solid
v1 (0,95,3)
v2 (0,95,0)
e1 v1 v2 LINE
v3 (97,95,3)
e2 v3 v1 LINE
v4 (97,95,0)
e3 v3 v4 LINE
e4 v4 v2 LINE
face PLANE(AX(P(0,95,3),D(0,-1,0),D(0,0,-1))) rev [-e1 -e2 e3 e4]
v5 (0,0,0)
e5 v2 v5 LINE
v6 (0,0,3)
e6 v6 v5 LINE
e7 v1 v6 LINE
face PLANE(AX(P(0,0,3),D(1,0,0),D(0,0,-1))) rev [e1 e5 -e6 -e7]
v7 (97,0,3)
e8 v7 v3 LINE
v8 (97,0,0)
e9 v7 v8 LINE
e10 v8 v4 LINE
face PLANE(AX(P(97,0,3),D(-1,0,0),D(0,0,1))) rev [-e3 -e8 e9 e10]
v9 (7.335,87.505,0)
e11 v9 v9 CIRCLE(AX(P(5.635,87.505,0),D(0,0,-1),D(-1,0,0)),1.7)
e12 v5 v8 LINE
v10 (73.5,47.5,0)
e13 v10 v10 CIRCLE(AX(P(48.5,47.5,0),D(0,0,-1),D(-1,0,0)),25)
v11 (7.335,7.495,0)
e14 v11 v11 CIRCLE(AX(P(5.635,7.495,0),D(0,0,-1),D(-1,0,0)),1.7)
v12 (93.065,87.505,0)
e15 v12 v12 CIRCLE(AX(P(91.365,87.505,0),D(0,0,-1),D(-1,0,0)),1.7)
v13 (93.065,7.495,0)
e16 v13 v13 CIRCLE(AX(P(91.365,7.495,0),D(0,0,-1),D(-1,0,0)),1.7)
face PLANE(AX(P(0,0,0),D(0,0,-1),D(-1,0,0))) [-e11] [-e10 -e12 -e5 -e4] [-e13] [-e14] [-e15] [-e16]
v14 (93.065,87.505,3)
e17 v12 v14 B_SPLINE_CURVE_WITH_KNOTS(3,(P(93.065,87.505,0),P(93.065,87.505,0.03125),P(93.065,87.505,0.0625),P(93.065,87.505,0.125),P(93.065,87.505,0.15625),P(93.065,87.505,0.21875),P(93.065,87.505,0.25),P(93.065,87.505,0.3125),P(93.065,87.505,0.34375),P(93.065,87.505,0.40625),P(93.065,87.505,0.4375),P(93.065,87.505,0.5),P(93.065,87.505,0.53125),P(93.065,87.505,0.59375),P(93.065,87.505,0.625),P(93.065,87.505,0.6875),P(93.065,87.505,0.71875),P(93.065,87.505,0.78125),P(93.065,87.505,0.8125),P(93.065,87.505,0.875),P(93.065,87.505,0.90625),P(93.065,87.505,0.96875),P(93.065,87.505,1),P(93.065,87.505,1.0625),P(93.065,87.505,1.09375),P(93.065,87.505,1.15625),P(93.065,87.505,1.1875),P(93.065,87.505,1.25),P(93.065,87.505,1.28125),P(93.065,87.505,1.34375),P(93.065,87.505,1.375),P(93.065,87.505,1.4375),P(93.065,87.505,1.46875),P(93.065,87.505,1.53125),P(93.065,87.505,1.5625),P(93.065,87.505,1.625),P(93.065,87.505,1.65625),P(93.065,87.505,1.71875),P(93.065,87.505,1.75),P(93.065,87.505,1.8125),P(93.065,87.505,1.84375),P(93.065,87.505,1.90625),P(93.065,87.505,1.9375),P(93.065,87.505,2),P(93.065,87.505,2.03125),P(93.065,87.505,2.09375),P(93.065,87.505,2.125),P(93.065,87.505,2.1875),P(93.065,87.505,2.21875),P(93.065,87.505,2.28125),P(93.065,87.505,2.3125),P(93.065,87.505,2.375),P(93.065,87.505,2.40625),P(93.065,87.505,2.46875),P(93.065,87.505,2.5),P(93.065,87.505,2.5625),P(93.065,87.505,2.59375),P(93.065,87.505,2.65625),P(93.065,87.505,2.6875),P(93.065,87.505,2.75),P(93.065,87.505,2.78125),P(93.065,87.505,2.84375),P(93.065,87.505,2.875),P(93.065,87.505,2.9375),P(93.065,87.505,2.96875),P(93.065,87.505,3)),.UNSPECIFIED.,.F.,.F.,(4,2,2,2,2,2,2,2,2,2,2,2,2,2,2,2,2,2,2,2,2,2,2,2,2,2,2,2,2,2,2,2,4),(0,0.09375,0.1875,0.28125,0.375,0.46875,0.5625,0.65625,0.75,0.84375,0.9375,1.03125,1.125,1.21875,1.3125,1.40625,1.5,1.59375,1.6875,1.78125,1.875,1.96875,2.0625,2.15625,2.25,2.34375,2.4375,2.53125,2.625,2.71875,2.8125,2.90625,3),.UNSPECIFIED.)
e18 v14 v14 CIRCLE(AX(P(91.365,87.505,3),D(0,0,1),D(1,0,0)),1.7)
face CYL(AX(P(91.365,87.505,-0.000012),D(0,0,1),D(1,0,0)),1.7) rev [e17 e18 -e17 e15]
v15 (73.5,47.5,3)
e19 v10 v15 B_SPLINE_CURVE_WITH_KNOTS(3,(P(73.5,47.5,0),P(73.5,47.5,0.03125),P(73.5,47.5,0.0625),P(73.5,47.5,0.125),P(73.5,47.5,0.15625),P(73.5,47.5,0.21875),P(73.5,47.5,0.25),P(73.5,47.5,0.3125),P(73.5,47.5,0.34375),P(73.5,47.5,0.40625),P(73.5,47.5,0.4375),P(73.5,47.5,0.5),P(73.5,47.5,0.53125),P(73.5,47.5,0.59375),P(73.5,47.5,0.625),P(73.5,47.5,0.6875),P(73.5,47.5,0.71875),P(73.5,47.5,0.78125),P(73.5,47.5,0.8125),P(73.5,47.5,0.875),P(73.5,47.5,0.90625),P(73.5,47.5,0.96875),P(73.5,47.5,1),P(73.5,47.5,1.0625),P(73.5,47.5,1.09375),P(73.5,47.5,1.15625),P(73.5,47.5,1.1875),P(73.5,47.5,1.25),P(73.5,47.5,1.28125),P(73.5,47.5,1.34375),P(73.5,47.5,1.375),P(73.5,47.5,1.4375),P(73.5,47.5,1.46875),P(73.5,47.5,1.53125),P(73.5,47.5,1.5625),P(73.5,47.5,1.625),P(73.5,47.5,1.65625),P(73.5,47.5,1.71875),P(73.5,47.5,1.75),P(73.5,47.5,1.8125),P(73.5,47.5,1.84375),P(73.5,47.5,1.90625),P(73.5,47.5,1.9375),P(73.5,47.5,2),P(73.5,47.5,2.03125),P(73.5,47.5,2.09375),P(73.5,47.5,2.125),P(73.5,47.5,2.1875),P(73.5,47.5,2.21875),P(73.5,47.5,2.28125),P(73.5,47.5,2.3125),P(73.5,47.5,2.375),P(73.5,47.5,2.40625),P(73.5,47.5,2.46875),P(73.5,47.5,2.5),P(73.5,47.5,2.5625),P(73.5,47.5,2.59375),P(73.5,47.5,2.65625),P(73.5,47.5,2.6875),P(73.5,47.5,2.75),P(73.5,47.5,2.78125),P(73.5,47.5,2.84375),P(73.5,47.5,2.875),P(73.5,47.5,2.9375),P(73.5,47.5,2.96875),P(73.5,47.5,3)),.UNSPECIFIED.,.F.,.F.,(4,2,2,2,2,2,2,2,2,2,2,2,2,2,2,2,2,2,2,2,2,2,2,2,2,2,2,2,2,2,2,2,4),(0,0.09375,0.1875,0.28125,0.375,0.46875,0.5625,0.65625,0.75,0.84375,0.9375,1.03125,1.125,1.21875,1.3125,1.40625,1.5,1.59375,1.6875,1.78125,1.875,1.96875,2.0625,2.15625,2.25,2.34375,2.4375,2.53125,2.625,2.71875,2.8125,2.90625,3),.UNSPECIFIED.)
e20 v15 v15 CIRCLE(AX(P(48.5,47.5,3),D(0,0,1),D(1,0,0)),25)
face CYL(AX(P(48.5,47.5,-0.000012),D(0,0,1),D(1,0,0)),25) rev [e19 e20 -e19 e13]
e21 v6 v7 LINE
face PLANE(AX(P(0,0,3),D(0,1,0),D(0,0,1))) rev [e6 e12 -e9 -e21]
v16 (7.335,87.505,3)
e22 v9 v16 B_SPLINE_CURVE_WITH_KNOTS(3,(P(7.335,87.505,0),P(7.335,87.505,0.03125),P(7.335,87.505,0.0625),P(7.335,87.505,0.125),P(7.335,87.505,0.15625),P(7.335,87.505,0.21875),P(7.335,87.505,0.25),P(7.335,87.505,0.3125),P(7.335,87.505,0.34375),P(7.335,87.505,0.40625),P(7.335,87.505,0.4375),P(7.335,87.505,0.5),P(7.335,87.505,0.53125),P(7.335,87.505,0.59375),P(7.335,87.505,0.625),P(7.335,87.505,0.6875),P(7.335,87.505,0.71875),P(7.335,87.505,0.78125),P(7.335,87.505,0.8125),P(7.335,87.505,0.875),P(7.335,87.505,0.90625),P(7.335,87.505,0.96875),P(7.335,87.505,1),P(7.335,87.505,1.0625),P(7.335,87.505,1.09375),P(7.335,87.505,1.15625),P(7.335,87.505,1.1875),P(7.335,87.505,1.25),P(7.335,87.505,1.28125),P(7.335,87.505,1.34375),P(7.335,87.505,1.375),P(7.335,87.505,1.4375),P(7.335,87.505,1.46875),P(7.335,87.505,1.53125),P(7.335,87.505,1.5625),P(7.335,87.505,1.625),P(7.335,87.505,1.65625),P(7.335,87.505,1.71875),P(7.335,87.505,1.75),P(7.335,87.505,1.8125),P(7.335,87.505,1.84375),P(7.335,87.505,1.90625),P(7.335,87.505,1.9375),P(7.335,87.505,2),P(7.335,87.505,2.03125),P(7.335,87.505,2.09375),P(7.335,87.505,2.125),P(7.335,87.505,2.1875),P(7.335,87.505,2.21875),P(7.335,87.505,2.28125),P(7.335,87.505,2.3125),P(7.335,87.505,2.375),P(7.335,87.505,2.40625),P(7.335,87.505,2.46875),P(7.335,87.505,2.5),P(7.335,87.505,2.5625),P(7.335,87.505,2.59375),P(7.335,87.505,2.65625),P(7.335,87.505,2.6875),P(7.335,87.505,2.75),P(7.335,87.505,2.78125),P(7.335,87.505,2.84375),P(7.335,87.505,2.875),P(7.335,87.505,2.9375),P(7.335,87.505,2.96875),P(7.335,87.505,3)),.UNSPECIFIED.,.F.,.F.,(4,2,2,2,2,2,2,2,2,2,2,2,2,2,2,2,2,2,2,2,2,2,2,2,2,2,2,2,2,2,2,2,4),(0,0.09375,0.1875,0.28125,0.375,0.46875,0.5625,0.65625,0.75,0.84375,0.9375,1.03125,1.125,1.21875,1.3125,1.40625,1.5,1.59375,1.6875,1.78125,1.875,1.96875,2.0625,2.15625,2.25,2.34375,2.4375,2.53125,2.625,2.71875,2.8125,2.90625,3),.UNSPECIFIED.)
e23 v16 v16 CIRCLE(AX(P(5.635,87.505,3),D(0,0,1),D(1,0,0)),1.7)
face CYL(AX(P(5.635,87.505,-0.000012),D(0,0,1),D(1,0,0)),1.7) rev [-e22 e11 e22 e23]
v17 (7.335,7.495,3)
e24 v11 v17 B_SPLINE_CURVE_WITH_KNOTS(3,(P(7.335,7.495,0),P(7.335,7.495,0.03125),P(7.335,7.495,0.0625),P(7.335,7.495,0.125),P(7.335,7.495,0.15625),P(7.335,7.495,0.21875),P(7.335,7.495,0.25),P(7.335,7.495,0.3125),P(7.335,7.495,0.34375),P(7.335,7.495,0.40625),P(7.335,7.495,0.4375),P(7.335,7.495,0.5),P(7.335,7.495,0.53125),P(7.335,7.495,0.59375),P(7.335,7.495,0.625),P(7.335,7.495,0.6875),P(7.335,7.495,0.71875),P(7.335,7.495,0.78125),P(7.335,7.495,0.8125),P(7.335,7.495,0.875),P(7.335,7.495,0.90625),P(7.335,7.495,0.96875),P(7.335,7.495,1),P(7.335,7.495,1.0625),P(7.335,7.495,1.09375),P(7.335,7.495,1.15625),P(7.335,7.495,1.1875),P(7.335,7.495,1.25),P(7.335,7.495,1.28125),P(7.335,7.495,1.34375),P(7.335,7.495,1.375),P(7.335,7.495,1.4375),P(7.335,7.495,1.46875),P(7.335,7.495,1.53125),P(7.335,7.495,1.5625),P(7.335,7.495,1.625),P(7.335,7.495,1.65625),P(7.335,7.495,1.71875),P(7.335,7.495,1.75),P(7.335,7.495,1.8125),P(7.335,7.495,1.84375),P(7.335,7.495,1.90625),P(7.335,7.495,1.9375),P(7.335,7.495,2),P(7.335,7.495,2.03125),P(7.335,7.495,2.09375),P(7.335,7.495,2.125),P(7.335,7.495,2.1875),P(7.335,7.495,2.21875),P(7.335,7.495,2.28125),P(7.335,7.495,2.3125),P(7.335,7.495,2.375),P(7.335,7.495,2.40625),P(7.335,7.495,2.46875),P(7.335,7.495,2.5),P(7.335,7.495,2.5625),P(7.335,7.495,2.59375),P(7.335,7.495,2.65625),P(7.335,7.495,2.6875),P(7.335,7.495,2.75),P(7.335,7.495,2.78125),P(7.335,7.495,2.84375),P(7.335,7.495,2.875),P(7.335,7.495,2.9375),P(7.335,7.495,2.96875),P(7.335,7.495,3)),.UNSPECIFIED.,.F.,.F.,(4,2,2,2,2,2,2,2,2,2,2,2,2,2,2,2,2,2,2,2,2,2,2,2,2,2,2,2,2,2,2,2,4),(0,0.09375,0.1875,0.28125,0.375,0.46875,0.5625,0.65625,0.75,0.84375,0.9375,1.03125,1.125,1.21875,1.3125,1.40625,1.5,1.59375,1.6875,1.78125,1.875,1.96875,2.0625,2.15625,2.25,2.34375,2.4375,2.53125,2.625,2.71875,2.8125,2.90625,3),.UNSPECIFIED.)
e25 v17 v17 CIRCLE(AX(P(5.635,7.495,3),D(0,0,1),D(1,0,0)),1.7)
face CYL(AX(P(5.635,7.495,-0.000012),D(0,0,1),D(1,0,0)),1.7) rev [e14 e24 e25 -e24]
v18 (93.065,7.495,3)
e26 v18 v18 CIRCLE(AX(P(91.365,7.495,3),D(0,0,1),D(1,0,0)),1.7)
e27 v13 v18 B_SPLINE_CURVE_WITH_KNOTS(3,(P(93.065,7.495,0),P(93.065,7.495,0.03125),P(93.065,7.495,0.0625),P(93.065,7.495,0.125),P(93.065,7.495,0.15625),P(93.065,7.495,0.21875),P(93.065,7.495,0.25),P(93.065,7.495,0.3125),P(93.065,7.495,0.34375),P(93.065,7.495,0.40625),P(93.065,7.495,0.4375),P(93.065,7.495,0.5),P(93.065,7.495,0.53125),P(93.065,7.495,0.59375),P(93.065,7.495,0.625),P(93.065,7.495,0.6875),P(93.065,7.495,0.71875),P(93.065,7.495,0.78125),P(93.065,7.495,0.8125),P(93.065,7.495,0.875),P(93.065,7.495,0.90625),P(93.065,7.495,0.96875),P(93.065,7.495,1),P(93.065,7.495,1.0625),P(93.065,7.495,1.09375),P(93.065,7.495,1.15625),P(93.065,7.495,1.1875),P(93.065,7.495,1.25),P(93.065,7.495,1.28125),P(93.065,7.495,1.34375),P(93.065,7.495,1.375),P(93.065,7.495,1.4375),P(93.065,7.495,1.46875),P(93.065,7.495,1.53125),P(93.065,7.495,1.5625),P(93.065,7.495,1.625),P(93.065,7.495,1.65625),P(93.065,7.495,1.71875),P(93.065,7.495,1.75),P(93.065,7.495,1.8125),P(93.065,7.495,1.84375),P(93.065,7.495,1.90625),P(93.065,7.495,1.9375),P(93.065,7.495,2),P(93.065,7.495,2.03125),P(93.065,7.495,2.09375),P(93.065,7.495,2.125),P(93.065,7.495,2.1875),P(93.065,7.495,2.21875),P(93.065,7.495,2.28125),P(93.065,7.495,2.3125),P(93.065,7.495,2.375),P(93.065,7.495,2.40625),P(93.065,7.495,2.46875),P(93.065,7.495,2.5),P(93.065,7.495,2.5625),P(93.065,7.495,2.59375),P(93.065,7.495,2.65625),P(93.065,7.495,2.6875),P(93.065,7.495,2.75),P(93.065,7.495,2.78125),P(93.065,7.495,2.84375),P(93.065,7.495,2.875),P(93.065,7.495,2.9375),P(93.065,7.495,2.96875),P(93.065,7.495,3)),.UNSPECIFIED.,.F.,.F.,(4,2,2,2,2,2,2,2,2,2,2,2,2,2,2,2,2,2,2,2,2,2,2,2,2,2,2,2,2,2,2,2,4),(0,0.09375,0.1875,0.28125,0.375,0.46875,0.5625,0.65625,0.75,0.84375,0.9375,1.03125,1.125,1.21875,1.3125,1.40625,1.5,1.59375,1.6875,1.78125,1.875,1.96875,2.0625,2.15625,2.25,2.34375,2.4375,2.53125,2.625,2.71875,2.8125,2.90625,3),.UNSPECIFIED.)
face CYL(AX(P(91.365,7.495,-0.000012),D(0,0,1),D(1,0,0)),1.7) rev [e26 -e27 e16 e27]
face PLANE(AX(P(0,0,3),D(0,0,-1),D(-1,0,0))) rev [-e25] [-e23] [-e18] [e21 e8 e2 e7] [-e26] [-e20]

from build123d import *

# Parameters (mm, degrees)
BODY_SKETCH_W    = 97
BODY_SKETCH_H    = 95
BODY_DEPTH       = 3
HOLES_DEPTH      = 136.805007271
HOLES_DEPTH_BACK = 136.805007271
HOLES_SKETCH_R   = 1.7
HOLES_SKETCH_R_2 = 25


with BuildPart() as part:
    # Body sketch → Body (new body)
    with BuildSketch(Plane.XY):
        with Locations((48.5, 47.5)):
            Rectangle(BODY_SKETCH_W, BODY_SKETCH_H)
    extrude(amount=BODY_DEPTH)

    # Holes sketch → Holes (cut, two sides: drawn at the far end of the back side and taken through both)
    with BuildSketch(Plane.XY.offset(-HOLES_DEPTH_BACK)):
        with Locations((5.635, 7.495)):
            Circle(HOLES_SKETCH_R)
        with Locations((91.365, 7.495)):
            Circle(HOLES_SKETCH_R)
        with Locations((5.635, 87.505)):
            Circle(HOLES_SKETCH_R)
        with Locations((91.365, 87.505)):
            Circle(HOLES_SKETCH_R)
        with Locations((48.5, 47.5)):
            Circle(HOLES_SKETCH_R_2)
    extrude(amount=HOLES_DEPTH + HOLES_DEPTH_BACK, mode=Mode.SUBTRACT)


solid = part.part
